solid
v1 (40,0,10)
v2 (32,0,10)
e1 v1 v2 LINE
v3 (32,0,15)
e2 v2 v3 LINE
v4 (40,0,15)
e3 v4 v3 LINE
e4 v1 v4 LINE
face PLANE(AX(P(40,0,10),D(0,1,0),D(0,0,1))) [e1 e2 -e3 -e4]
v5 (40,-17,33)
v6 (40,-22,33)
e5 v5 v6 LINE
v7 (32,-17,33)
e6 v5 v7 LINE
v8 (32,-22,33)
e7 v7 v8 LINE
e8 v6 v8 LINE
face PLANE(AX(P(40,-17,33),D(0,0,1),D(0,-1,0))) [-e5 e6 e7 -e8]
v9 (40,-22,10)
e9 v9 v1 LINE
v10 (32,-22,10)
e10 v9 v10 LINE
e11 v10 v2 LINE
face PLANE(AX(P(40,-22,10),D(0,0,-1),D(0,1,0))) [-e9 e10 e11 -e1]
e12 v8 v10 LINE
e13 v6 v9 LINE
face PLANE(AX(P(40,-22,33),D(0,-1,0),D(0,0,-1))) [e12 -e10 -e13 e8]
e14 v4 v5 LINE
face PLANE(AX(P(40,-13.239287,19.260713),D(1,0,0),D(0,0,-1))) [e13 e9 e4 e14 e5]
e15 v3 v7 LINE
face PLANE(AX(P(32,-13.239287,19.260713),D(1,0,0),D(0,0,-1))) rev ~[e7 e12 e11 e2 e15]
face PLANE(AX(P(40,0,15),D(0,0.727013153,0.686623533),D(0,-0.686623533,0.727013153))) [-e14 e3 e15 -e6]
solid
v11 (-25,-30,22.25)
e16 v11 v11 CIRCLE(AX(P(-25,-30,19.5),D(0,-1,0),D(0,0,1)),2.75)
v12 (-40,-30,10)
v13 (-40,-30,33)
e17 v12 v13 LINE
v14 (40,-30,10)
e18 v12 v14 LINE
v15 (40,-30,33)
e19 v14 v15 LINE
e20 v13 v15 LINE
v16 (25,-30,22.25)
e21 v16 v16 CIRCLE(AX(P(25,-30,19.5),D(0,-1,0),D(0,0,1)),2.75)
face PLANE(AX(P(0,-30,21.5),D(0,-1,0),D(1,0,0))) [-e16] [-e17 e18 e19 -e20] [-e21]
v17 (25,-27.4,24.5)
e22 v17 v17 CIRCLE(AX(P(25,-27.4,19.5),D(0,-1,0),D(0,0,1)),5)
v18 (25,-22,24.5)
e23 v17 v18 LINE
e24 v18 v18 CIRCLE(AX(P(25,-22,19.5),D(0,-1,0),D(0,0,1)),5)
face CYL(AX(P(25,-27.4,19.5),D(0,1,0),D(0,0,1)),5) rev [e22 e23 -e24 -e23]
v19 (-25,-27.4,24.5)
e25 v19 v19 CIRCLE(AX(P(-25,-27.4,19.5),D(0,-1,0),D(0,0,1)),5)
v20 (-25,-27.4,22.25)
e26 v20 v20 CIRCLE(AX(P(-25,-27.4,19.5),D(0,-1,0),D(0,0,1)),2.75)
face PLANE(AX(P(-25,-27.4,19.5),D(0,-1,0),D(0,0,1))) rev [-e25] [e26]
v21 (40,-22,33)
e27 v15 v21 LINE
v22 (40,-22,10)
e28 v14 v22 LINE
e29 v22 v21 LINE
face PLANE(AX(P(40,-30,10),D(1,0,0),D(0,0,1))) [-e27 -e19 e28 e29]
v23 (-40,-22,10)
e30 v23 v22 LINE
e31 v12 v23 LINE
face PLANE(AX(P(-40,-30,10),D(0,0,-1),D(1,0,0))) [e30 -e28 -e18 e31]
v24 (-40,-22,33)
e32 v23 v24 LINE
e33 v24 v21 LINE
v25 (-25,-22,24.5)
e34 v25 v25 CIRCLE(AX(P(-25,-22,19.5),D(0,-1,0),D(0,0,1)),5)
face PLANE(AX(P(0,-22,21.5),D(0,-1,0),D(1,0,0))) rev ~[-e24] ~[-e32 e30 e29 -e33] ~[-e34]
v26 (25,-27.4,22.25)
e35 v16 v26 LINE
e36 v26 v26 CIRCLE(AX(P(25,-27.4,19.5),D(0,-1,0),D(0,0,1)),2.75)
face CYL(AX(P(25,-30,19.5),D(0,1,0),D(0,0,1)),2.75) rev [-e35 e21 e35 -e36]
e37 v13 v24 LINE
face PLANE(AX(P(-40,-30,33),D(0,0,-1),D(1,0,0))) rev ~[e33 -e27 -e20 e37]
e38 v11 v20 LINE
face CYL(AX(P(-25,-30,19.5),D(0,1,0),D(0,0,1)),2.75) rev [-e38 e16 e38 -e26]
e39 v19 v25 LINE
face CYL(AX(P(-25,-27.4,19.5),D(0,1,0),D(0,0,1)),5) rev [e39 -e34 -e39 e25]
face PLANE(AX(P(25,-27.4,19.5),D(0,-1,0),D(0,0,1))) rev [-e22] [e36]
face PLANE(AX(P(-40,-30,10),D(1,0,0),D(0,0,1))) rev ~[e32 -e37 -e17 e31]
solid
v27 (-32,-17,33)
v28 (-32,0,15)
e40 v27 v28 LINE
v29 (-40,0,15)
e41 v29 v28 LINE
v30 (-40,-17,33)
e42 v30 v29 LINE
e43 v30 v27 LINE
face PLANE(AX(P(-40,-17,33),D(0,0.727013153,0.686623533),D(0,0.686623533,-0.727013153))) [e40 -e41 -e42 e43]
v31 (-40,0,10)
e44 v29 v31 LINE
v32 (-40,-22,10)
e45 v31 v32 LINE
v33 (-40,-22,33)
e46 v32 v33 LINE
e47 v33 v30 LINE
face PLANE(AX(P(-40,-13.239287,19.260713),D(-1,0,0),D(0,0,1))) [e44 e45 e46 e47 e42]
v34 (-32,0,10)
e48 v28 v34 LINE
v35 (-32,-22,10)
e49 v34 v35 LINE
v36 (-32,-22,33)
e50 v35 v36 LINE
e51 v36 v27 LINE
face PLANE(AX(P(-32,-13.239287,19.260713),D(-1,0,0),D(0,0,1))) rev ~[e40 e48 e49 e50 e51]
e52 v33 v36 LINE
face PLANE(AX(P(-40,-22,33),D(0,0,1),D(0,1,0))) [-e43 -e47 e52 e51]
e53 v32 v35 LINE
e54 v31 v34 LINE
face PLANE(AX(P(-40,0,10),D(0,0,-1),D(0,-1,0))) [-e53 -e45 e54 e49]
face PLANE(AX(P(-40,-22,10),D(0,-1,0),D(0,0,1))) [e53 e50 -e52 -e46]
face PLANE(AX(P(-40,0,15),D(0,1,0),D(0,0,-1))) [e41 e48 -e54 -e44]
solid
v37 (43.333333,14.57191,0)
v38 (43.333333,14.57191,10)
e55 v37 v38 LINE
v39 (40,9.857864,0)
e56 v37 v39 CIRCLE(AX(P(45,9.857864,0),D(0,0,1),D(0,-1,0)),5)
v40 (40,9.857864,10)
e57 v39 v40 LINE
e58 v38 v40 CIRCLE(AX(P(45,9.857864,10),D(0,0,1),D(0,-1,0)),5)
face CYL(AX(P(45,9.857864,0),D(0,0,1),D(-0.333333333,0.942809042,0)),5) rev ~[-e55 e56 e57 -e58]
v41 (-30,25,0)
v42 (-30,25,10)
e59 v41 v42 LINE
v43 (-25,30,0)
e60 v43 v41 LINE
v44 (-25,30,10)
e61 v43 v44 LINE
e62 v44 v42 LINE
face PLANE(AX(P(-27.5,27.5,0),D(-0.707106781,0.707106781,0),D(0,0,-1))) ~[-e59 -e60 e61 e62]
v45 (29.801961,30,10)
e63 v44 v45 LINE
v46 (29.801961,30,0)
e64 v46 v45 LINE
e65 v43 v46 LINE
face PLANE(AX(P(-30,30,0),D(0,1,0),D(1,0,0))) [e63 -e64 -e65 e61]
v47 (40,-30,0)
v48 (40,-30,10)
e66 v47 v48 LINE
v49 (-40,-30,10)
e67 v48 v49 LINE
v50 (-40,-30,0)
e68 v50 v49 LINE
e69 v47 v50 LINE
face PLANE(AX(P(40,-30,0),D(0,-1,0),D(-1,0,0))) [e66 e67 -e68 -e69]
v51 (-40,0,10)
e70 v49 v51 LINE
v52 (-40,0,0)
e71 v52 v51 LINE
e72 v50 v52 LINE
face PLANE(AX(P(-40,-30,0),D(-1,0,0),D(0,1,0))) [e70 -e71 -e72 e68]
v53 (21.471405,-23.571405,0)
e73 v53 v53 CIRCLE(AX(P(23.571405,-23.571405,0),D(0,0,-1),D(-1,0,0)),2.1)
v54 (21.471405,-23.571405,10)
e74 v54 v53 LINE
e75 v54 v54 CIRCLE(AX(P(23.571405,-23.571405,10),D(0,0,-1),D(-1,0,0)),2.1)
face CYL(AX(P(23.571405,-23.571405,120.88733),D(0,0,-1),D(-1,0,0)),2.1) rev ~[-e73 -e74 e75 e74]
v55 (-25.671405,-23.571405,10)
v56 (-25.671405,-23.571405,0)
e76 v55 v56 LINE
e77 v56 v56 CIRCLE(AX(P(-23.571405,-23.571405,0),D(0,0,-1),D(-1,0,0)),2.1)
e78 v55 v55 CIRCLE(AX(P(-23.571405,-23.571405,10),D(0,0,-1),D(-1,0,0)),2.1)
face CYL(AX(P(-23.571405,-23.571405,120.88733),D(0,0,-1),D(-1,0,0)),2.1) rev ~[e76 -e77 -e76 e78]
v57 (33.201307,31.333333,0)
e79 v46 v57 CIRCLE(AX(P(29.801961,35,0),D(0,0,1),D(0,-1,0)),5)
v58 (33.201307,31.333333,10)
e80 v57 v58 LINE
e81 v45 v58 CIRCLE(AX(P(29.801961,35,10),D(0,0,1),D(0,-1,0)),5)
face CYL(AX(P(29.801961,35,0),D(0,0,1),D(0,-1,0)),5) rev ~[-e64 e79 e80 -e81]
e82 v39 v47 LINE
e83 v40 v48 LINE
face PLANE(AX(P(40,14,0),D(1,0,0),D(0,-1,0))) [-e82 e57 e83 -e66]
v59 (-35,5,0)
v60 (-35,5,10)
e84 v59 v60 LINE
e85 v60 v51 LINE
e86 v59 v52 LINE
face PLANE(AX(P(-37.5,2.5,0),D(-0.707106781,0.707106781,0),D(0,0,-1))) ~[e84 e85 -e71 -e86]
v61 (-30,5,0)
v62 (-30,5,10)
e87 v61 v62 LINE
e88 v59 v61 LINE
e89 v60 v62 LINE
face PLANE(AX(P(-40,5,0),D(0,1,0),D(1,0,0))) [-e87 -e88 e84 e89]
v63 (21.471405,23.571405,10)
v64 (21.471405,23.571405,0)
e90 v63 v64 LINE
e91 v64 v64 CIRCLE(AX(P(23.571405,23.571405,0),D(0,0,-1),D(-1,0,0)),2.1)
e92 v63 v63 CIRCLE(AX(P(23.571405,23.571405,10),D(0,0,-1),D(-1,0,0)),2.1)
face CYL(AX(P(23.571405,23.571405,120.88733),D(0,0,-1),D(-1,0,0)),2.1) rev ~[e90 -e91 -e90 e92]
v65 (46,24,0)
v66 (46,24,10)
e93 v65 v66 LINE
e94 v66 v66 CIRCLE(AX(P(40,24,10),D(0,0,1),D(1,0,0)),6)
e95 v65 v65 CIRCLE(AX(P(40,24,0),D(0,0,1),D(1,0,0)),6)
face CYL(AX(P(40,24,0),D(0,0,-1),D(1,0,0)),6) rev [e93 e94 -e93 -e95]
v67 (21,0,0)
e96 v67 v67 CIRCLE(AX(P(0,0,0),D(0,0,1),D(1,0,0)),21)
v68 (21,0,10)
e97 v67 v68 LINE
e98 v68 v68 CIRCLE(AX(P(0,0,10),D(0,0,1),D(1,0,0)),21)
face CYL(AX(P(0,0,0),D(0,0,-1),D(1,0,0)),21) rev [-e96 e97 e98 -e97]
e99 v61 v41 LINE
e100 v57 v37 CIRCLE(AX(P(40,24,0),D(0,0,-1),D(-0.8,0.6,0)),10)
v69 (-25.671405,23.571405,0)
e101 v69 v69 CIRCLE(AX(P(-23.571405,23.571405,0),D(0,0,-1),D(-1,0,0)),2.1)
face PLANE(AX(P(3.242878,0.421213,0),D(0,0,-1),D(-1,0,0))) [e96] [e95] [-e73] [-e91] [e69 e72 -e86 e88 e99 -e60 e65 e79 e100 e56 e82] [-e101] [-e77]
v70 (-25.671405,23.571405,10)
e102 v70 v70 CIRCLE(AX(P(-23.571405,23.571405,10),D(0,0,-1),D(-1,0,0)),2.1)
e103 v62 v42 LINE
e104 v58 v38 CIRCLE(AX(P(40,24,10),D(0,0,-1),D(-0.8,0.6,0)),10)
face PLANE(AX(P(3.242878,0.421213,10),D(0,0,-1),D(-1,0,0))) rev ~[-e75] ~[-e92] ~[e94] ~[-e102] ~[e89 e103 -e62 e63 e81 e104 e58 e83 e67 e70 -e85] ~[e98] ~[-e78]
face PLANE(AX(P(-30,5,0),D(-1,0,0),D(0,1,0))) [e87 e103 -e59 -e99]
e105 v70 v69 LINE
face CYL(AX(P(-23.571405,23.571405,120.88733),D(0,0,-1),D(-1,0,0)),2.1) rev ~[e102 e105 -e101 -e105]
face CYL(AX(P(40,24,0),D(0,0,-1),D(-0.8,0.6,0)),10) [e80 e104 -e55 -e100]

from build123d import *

# Parameters (mm, degrees)
SKETCH1_R                                    = 21
SKETCH1_R_2                                  = 6
EXTRUDE1_DEPTH                               = 10
M5_TAPPED_HOLE1_D                            = 4.2
SKETCH6_W                                    = 80
SKETCH6_H                                    = 23
EXTRUDE2_DEPTH                               = 8
CHAMFER1_SIZE                                = 5
EXTRUDE3_DEPTH                               = 8
EXTRUDE4_DEPTH                               = 8
CBORE_FOR_M5_HEX_SOCKET_HEAD_CAP_SCR_2_COUNT = 2
CBORE_FOR_M5_HEX_SOCKET_HEAD_CAP_SCR_2_PITCH = 50
FILLET1_R                                    = 5


with BuildPart() as part:
    # Sketch1 → Extrude1 (new body)
    with BuildSketch(Plane.XY):
        with BuildLine():
            Line((-30, 30), (32, 30))
            ThreePointArc((32, 30), (48.94427191, 28.472135955), (40, 14))
            Line((40, 14), (40, -30))
            Line((40, -30), (-40, -30))
            Line((-40, -30), (-40, 5))
            Line((-40, 5), (-30, 5))
            Line((-30, 5), (-30, 30))
        make_face()
        Circle(SKETCH1_R, mode=Mode.SUBTRACT)
        with Locations((40, 24)):
            Circle(SKETCH1_R_2, mode=Mode.SUBTRACT)
    extrude(amount=EXTRUDE1_DEPTH)

    # M5 Tapped Hole1 (through all)
    with Locations(Plane.XY.offset(10)):
        with Locations((-23.571404551, 23.571404551), (23.571404551, 23.571404551), (23.571404551, -23.571404551), (-23.571404551, -23.571404551)):
            Hole(M5_TAPPED_HOLE1_D / 2)

    # Chamfer1
    chamfer1_edges = [part.edges().sort_by_distance(p)[0] for p in [
        (-30, 30, 5),
        (-40, 5, 5),
    ]]
    chamfer(chamfer1_edges, length=CHAMFER1_SIZE)

    # Fillet1
    fillet1_edges = [part.edges().sort_by_distance(p)[0] for p in [
        (32, 30, 5),
        (40, 14, 5),
    ]]
    fillet(fillet1_edges, radius=FILLET1_R)


with BuildPart() as body_2:
    # Sketch6 → Extrude2 (new body)
    with BuildSketch(Plane.XZ.offset(30)):
        with Locations((0, 21.5)):
            Rectangle(SKETCH6_W, SKETCH6_H)
    extrude(amount=-EXTRUDE2_DEPTH)

    # Sketch10 → CBORE for M5 Hex Socket Head Cap Screw1 (revolve, cut)
    with BuildSketch(Plane(origin=(25, -22, 19.5), x_dir=(0, 0, 1), z_dir=(1, 0, 0))):
        Polygon((0, 0), (0, 8), (2.75, 8), (2.75, 5.4), (5, 5.4), (5, 0), align=None)
    cbore_for_m5_hex_socket_head_cap_screw1 = revolve(axis=Axis((25, -15.65, 19.5), (0, -1, 0)), mode=Mode.SUBTRACT)

    # CBORE for M5 Hex Socket Head Cap Scr 2: CBORE for M5 Hex Socket Head Cap Screw1 ×2
    with Locations(*[(-i * CBORE_FOR_M5_HEX_SOCKET_HEAD_CAP_SCR_2_PITCH, 0, 0) for i in range(1, CBORE_FOR_M5_HEX_SOCKET_HEAD_CAP_SCR_2_COUNT)]):
        add(cbore_for_m5_hex_socket_head_cap_screw1, mode=Mode.SUBTRACT)


with BuildPart() as body_3:
    # Sketch7 → Extrude3 (new body)
    with BuildSketch(Plane(origin=(40, 0, 0), x_dir=(0, 0, -1), z_dir=(1, 0, 0))):
        Polygon((-10, 0), (-15, 0), (-33, -17), (-33, -22), (-10, -22), align=None)
    extrude(amount=-EXTRUDE3_DEPTH)


with BuildPart() as body_4:
    # Sketch8 → Extrude4 (new body)
    with BuildSketch(Plane.ZY.offset(40)):
        Polygon((15, 0), (10, 0), (10, -22), (33, -22), (33, -17), align=None)
    extrude(amount=-EXTRUDE4_DEPTH)


solid = Compound([part.part, body_2.part, body_3.part, body_4.part])
